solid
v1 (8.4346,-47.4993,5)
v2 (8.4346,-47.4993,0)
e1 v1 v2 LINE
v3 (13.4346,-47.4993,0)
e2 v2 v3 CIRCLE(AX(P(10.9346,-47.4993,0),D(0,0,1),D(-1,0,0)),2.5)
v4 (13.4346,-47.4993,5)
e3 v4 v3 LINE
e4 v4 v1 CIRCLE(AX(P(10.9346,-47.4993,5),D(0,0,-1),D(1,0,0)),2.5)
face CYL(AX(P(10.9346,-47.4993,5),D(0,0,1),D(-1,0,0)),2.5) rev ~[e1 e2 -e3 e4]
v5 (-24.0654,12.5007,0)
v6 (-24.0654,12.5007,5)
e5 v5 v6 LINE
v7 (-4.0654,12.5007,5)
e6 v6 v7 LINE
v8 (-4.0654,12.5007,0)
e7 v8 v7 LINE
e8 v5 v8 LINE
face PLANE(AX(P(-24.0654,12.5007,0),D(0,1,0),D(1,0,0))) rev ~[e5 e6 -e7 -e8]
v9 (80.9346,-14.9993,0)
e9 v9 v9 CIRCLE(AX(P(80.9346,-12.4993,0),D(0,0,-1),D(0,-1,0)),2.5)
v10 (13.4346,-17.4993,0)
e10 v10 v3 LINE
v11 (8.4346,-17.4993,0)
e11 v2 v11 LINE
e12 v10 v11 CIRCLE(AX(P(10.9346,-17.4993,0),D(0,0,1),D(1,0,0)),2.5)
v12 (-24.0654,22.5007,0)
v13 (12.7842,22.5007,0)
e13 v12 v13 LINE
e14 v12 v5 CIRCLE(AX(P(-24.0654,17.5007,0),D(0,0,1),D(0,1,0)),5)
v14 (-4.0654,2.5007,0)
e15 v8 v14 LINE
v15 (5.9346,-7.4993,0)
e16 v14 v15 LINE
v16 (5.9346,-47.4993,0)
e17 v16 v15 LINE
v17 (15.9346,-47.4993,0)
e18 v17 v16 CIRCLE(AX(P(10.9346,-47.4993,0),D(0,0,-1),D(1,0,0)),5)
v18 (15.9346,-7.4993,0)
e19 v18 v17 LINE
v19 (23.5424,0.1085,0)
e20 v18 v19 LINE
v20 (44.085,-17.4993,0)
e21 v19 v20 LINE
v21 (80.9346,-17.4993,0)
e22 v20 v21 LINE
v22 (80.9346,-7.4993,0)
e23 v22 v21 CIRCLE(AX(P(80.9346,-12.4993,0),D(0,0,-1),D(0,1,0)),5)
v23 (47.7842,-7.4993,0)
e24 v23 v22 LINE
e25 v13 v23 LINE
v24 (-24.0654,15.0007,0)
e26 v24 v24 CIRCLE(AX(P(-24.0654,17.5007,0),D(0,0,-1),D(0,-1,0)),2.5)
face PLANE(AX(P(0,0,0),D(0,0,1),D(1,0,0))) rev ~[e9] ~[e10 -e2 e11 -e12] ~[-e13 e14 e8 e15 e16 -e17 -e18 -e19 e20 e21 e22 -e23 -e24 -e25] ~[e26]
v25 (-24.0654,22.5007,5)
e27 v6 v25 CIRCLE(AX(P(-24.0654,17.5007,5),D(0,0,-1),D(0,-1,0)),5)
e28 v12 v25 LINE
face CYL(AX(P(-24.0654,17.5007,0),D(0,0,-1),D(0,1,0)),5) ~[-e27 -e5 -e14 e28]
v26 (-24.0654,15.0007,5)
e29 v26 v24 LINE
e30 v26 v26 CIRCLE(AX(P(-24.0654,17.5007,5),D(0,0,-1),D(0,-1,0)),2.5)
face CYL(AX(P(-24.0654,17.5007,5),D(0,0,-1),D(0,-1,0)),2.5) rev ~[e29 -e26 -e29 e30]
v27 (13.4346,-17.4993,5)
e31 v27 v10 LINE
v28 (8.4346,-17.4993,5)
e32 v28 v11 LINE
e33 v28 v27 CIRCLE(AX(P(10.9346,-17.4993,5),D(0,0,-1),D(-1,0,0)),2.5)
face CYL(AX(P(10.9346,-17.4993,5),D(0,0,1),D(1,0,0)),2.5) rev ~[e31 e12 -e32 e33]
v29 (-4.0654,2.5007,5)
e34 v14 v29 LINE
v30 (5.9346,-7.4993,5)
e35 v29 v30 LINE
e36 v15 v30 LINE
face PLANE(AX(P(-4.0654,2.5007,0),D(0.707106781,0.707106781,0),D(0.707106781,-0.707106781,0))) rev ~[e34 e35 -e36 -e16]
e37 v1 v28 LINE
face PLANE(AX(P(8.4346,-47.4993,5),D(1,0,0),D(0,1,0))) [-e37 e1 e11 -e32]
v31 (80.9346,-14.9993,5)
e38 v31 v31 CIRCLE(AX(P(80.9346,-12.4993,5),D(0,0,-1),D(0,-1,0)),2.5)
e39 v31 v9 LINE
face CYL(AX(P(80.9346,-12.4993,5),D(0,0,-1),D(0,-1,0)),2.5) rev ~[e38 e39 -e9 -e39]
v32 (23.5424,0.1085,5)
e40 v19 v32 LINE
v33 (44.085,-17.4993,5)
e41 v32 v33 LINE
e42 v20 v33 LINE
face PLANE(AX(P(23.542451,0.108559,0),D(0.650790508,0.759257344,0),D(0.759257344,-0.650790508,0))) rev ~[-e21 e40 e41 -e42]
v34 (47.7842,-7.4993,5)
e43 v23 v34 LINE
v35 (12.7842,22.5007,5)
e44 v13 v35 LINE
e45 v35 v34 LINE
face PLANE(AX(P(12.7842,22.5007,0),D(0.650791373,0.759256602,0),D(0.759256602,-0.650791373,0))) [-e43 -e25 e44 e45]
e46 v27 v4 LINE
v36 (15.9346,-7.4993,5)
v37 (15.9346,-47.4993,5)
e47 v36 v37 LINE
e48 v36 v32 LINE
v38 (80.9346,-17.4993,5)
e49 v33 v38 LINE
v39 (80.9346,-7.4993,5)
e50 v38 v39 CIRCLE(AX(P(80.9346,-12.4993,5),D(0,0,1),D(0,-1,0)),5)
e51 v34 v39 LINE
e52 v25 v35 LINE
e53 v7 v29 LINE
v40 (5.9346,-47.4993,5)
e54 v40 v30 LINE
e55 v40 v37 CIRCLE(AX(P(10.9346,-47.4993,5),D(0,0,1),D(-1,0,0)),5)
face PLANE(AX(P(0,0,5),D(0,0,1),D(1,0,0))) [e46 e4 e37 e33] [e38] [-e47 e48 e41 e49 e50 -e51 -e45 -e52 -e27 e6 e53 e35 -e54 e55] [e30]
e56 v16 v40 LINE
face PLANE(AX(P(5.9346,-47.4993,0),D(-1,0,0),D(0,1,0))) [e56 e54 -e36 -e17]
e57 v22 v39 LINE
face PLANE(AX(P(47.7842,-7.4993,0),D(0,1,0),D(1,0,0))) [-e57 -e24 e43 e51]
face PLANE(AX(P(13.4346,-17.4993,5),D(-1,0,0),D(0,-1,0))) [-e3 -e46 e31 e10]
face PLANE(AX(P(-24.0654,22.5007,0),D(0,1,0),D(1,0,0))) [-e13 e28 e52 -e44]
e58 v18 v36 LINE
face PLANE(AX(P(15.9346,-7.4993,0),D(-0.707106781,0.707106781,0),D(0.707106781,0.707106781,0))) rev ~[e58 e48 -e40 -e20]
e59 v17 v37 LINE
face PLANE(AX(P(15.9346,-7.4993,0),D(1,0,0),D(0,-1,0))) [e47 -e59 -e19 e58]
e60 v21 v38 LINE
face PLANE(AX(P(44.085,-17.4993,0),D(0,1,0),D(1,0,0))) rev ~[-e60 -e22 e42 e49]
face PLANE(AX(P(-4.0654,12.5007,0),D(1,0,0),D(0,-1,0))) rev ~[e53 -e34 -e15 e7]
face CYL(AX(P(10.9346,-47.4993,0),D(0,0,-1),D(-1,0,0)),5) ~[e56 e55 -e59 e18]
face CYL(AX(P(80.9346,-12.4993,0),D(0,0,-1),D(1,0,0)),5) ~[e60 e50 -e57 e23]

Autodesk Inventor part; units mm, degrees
ref_plane "YZ Plane" through (0, 0, 0) normal (1, 0, 0) x (0, 1, 0)
ref_plane "XZ Plane" through (0, 0, 0) normal (0, 1, 0) x (-1, 0, 0)
ref_plane "XY Plane" through (0, 0, 0) normal (0, 0, 1) x (1, 0, 0)
sketch "Sketch1" plane through (0, 0, 0) normal (0, 0, 1) x (1, 0, 0)
  line L0 (-24.0654, 17.5007) -> (10.9346, 17.5007) construction
  line L1 (45.9346, -12.4993) -> (80.9346, -12.4993) construction
  line L2 (10.9346, 17.5007) -> (45.9346, -12.4993) construction
  line L3 (-24.0654, 22.5007) -> (12.7842, 22.5007)
  line L4 (12.7842, 22.5007) -> (47.7842, -7.4993)
  line L5 (47.7842, -7.4993) -> (80.9346, -7.4993)
  line L6 (-24.0654, 12.5007) -> (-4.0654, 12.5007)
  line L7 (44.085, -17.4993) -> (80.9346, -17.4993)
  line L8 (10.9346, 17.5007) -> (10.9346, -47.4993) construction
  line L9 (15.9346, -7.4993) -> (15.9346, -47.4993)
  line L10 (22.4168, 1.0734) -> (44.085, -17.4993)
  arc A0 (-29.0654, 17.5007) -> (-24.0654, 12.5007) centre (-24.0654, 17.5007) ccw
  arc A1 (-24.0654, 22.5007) -> (-29.0654, 17.5007) centre (-24.0654, 17.5007) ccw
  arc A2 (85.9346, -12.4993) -> (80.9346, -7.4993) centre (80.9346, -12.4993) ccw
  arc A3 (80.9346, -17.4993) -> (85.9346, -12.4993) centre (80.9346, -12.4993) ccw
  arc A4 (10.9346, -52.4993) -> (15.9346, -47.4993) centre (10.9346, -47.4993) ccw
  arc A5 (5.9346, -47.4993) -> (10.9346, -52.4993) centre (10.9346, -47.4993) ccw
  line L11 (-4.0654, 12.5007) -> (-4.0654, 2.5007)
  line L12 (5.9346, -7.4993) -> (5.9346, -7.4993)
  line L13 (-4.0654, 2.5007) -> (5.9346, -7.4993)
  line L14 (15.9346, -7.4993) -> (23.5424, 0.1085)
  line L15 (5.9346, -47.4993) -> (5.9346, -7.4993)
  point P0 (0, 0)
  point P1 (-29.0654, 17.5007)
  point P2 (-4.0654, -7.4993)
  dimension "d0" = 35
  dimension "d4" = 35
  dimension "d5" = 35
  dimension "d6" = 30
  dimension "d7" = 5
  dimension "d8" = 5
  dimension "d10" = 5
  dimension "d11" = 5
  dimension "d13" = 65
  dimension "d14" = 5
  dimension "d15" = 5
  dimension "d16" = 5
  dimension "d34" = 5
  dimension "d35" = 5
  dimension "d36" = 5
  dimension "d37" = 5
  dimension "d41" = 20
  dimension "d43" = 10
  dimension "d44" = 10
  dimension "d47" = 135
extrude "Cuerpo" add sketch "Sketch1" along normal blind 5
sketch "Sketch2" plane through (0, 0, 5) normal (0, 0, 1) x (1, 0, 0)
  arc A0 (-24.0654, 22.5007) -> (-24.0654, 12.5007) centre (-24.0654, 17.5007) ccw projected
  arc A1 (80.9346, -17.4993) -> (80.9346, -7.4993) centre (80.9346, -12.4993) ccw projected
  point P0 (0, 0)
hole "Hole1" at (-24.0654, 17.5007, 5) at (80.9346, -12.4993, 5) direction (0, 0, -1) diameter 5 end through all
sketch "Sketch3" plane through (0, 0, 5) normal (0, 0, 1) x (1, 0, 0)
  arc A0 (5.9346, -47.4993) -> (15.9346, -47.4993) centre (10.9346, -47.4993) ccw construction
  line L0 (10.9346, -47.4993) -> (10.9346, -17.4993) construction
  line L1 (10.9346, -14.9993) -> (10.9346, -14.9993)
  line L2 (13.4346, -17.4993) -> (13.4346, -47.4993)
  line L3 (10.9346, -49.9993) -> (10.9346, -49.9993)
  line L4 (8.4346, -47.4993) -> (8.4346, -17.4993)
  arc A1 (10.9346, -14.9993) -> (8.4346, -17.4993) centre (10.9346, -17.4993) ccw
  arc A2 (13.4346, -17.4993) -> (10.9346, -14.9993) centre (10.9346, -17.4993) ccw
  arc A3 (8.4346, -47.4993) -> (10.9346, -49.9993) centre (10.9346, -47.4993) ccw
  arc A4 (10.9346, -49.9993) -> (13.4346, -47.4993) centre (10.9346, -47.4993) ccw
  point P0 (0, 0)
  point P1 (10.9346, -14.9993)
  point P2 (10.9346, -49.9993)
  dimension "d26" = 30
  dimension "d28" = 2.5
  dimension "d29" = 2.5
  dimension "d30" = 2.5
  dimension "d31" = 2.5
extrude "Ranura" cut sketch "Sketch3" against normal blind 5
sketch "Sketch4" plane through (0, 0, 5) normal (0, 0, 1) x (1, 0, 0)
  circle A0 centre (10.0854, 7.229) radius 12.5 construction
  point P0 (0, 0)
  dimension "d38" = 25
equation "\"d44\" = d43"
properties part number "BrazoV2" material "MDF Medium Density Fiberboard"
